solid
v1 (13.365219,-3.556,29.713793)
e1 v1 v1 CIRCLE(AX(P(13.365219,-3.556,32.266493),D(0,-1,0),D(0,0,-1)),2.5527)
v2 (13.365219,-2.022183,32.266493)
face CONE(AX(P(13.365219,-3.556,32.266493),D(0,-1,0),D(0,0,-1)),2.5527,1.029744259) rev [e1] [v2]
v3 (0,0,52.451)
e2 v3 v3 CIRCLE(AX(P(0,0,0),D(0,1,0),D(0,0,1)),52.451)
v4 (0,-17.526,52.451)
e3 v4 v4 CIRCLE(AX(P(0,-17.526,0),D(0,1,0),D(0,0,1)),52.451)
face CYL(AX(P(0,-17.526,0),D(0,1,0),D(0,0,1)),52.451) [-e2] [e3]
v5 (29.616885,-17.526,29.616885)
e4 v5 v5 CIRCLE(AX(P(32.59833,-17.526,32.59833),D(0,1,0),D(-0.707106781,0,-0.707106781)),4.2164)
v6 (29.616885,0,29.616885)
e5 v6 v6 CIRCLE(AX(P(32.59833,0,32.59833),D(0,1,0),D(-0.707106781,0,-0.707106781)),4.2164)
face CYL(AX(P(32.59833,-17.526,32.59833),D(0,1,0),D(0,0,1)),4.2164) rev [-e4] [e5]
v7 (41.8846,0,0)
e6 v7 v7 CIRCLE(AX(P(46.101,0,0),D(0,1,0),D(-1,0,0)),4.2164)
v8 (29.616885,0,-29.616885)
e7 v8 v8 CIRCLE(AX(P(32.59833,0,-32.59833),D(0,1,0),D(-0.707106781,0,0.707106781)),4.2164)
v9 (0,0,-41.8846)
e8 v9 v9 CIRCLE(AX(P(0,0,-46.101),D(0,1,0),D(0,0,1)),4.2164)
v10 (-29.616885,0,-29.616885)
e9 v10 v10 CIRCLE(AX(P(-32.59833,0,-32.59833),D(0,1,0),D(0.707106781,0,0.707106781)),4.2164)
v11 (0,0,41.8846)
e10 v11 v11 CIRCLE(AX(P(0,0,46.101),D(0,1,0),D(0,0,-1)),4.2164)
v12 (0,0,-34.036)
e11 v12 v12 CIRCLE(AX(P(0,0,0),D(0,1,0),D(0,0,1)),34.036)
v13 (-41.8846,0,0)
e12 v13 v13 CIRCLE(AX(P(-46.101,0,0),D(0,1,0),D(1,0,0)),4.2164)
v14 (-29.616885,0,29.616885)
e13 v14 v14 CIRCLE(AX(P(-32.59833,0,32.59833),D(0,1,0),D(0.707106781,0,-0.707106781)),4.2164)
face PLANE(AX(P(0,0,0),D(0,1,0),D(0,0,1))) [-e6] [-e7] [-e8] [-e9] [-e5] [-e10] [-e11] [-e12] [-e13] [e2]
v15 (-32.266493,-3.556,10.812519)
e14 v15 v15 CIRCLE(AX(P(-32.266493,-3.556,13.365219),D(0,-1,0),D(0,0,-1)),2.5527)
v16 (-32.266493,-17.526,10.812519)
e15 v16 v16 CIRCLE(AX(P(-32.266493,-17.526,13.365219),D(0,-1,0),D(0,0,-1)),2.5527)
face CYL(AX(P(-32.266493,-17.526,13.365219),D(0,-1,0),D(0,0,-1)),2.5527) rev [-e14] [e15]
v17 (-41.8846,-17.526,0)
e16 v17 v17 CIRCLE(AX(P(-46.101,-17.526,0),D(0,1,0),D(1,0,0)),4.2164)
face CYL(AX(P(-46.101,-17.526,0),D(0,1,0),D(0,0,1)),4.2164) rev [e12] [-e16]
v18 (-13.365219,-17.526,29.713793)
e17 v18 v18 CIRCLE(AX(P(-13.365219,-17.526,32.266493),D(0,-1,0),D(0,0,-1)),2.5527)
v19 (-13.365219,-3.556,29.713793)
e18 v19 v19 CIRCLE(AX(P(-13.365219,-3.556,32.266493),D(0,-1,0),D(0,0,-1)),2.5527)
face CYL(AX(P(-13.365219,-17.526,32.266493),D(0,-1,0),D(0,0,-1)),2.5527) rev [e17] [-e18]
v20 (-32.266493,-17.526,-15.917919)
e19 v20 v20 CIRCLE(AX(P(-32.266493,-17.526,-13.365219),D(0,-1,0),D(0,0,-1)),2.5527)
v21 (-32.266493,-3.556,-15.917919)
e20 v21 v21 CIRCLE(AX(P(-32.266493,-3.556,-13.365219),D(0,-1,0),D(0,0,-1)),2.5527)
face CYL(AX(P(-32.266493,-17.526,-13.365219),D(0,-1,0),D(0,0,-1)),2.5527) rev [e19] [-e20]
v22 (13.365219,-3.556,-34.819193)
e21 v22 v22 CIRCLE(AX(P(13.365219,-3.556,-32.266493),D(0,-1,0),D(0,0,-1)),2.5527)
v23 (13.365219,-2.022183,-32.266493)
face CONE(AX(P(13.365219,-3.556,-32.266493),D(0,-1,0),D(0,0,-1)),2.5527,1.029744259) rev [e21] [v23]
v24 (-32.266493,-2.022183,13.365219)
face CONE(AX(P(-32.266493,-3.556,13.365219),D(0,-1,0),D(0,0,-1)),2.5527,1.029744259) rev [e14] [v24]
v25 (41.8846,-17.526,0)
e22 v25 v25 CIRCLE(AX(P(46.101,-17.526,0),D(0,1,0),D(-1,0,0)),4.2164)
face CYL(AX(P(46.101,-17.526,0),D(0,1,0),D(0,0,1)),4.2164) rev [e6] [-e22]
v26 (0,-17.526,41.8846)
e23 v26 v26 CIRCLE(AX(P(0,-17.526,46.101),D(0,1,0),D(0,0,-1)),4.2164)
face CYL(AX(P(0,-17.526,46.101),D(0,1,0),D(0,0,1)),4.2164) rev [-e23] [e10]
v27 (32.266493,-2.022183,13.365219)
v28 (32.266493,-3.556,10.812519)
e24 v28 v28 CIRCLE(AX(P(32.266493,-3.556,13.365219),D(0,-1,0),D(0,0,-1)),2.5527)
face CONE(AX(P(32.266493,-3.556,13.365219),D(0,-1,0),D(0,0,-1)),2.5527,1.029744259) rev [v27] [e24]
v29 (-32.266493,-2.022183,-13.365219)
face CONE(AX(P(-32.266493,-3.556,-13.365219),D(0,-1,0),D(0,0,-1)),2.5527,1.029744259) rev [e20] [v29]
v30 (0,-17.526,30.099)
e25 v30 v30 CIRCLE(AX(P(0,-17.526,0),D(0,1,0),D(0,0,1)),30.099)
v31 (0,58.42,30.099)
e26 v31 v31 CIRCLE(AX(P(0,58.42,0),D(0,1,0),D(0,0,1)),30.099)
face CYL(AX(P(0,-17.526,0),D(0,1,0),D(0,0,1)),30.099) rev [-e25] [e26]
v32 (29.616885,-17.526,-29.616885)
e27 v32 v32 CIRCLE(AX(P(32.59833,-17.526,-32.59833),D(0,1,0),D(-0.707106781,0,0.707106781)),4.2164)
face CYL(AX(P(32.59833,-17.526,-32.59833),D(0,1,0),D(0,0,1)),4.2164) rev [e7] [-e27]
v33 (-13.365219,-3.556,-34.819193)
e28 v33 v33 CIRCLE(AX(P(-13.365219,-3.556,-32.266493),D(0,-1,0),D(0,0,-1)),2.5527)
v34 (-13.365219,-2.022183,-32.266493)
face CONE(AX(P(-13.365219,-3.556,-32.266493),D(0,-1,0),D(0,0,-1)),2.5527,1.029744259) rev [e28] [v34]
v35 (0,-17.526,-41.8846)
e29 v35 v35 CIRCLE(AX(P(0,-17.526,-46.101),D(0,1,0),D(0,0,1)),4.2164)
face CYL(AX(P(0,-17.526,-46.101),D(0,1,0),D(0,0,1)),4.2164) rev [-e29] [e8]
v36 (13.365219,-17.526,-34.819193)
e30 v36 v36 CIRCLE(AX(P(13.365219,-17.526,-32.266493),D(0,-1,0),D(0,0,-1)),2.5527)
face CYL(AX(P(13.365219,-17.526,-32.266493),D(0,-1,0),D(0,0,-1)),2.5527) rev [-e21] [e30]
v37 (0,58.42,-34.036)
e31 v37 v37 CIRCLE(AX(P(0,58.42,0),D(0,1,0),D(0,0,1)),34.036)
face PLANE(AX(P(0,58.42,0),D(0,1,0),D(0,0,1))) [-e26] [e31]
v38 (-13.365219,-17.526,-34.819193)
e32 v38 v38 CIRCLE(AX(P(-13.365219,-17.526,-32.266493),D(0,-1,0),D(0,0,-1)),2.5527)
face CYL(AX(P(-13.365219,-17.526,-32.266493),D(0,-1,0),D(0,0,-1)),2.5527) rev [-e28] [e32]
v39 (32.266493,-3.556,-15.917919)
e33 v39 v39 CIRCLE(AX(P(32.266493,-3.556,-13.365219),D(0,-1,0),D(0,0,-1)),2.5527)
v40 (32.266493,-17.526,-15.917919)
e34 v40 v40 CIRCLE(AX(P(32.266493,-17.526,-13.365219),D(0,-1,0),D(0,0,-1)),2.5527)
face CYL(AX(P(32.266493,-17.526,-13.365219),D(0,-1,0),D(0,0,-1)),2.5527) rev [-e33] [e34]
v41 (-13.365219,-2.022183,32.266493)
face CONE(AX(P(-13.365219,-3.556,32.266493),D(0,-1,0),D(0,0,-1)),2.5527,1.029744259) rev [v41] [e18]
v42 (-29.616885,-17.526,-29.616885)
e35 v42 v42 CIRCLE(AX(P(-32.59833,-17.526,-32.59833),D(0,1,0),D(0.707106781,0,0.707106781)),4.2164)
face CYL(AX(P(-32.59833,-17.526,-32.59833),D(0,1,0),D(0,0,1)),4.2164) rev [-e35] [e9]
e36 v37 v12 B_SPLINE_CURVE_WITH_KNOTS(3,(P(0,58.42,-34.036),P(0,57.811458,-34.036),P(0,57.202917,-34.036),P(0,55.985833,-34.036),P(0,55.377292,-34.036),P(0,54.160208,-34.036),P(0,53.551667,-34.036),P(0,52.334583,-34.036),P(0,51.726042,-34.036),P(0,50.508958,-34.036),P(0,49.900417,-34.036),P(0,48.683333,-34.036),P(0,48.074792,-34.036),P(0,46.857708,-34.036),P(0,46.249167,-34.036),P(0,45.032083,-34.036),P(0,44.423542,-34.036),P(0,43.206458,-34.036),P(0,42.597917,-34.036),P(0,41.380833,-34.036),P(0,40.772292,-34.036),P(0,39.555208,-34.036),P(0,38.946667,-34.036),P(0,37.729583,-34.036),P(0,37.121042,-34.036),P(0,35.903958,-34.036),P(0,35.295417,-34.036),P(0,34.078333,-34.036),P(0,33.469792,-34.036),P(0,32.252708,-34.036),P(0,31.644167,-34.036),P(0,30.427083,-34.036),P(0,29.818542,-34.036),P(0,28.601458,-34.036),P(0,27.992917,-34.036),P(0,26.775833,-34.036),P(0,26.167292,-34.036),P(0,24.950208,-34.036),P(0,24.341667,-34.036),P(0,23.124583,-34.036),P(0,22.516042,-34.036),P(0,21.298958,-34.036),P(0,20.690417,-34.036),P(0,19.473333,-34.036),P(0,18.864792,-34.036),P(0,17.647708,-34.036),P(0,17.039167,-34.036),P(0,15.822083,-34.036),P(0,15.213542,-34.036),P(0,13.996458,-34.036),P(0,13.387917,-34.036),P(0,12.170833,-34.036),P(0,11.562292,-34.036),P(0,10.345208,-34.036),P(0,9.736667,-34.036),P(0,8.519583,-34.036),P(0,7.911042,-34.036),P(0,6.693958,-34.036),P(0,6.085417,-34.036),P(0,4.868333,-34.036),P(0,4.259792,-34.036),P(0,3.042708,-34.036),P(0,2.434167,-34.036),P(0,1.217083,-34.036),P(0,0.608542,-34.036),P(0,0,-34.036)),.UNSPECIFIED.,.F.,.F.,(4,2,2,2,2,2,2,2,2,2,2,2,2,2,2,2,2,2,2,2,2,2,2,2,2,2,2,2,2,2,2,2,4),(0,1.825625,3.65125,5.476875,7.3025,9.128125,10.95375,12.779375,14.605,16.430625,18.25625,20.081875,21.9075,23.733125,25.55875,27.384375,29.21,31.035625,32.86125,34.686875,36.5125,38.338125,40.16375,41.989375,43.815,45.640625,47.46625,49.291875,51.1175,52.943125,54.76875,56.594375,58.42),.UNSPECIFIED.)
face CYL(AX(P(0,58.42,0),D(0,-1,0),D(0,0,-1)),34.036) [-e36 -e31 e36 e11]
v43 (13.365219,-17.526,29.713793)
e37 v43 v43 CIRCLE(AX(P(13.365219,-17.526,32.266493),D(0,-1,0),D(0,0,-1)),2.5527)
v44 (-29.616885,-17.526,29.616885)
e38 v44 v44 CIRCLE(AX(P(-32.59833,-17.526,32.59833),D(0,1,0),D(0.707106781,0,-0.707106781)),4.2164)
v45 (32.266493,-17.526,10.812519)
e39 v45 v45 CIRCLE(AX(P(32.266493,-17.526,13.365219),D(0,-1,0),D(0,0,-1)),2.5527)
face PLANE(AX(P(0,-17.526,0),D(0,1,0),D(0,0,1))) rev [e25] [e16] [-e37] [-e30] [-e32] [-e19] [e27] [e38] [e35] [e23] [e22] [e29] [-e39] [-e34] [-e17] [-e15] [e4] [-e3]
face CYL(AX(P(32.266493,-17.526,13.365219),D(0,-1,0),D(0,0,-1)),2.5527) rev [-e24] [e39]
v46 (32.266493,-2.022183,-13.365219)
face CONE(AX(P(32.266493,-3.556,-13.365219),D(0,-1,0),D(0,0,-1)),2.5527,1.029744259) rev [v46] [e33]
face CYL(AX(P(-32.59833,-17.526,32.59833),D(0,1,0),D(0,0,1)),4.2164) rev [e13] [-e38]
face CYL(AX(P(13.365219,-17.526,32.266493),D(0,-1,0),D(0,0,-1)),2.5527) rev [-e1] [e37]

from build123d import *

# Parameters (mm, degrees)
SKETCH1_R               = 34.036
EXTRUDE1_DEPTH          = 58.42
SKETCH2_R               = 52.451
EXTRUDE2_DEPTH          = 17.526
CUT_EXTRUDE1_DEPTH      = 95.419866564
CUT_EXTRUDE1_DEPTH_BACK = 95.419866564
SKETCH3_R               = 30.099
SKETCH4_R               = 4.2164
CUT_EXTRUDE2_DEPTH      = 17.526
CIRPATTERN1_COUNT       = 8
CIRPATTERN3_COUNT       = 8


with BuildPart() as part:
    # Sketch1 → Extrude1 (new body)
    with BuildSketch(Plane(origin=(0, 0, 0), x_dir=(1, 0, 0), z_dir=(0, 1, 0))):
        Circle(SKETCH1_R)
    extrude(amount=EXTRUDE1_DEPTH)

    # Sketch2 → Extrude2 (add)
    with BuildSketch(Plane(origin=(0, 0, 0), x_dir=(1, 0, 0), z_dir=(0, 1, 0))):
        Circle(SKETCH2_R)
    extrude(amount=-EXTRUDE2_DEPTH)

    # Sketch3 → Cut-Extrude1 (cut, two sides: drawn at the far end of the back side and taken through both)
    with BuildSketch(Plane(origin=(0, 0, 0), x_dir=(1, 0, 0), z_dir=(0, 1, 0)).offset(-CUT_EXTRUDE1_DEPTH_BACK)):
        Circle(SKETCH3_R)
    extrude(amount=CUT_EXTRUDE1_DEPTH + CUT_EXTRUDE1_DEPTH_BACK, mode=Mode.SUBTRACT)

    # Sketch4 → Cut-Extrude2 (cut)
    with BuildSketch(Plane(origin=(0, 0, 0), x_dir=(1, 0, 0), z_dir=(0, 1, 0))):
        with Locations((0, 46.101)):
            Circle(SKETCH4_R)
    cut_extrude2 = extrude(amount=-CUT_EXTRUDE2_DEPTH, mode=Mode.SUBTRACT)

    # CirPattern1: Cut-Extrude2 ×8 about axis
    cirpattern1_axis = Axis((0, 58.676993495, 0), (0, -1, 0))
    for i in range(1, CIRPATTERN1_COUNT):
        add(cut_extrude2.rotate(cirpattern1_axis, i * 360 / CIRPATTERN1_COUNT), mode=Mode.SUBTRACT)

    # Sketch10 → 1/4-20 Tapped Hole2 (revolve, cut)
    with BuildSketch(Plane(origin=(13.365218875, -17.526, 32.266492673), x_dir=(0, 0, -1), z_dir=(1, 0, 0))):
        Polygon((0, 0), (0, 15.503816902), (2.5527, 13.97), (2.5527, 0), align=None)
    f_1_4_20_tapped_hole2 = revolve(axis=Axis((13.365218875, -23.876, 32.266492673), (0, 1, 0)), mode=Mode.SUBTRACT)

    # CirPattern3: 1/4-20 Tapped Hole2 ×8 about axis
    cirpattern3_axis = Axis((0, 58.676993495, 0), (0, -1, 0))
    for i in range(1, CIRPATTERN3_COUNT):
        add(f_1_4_20_tapped_hole2.rotate(cirpattern3_axis, i * 360 / CIRPATTERN3_COUNT), mode=Mode.SUBTRACT)


solid = part.part
